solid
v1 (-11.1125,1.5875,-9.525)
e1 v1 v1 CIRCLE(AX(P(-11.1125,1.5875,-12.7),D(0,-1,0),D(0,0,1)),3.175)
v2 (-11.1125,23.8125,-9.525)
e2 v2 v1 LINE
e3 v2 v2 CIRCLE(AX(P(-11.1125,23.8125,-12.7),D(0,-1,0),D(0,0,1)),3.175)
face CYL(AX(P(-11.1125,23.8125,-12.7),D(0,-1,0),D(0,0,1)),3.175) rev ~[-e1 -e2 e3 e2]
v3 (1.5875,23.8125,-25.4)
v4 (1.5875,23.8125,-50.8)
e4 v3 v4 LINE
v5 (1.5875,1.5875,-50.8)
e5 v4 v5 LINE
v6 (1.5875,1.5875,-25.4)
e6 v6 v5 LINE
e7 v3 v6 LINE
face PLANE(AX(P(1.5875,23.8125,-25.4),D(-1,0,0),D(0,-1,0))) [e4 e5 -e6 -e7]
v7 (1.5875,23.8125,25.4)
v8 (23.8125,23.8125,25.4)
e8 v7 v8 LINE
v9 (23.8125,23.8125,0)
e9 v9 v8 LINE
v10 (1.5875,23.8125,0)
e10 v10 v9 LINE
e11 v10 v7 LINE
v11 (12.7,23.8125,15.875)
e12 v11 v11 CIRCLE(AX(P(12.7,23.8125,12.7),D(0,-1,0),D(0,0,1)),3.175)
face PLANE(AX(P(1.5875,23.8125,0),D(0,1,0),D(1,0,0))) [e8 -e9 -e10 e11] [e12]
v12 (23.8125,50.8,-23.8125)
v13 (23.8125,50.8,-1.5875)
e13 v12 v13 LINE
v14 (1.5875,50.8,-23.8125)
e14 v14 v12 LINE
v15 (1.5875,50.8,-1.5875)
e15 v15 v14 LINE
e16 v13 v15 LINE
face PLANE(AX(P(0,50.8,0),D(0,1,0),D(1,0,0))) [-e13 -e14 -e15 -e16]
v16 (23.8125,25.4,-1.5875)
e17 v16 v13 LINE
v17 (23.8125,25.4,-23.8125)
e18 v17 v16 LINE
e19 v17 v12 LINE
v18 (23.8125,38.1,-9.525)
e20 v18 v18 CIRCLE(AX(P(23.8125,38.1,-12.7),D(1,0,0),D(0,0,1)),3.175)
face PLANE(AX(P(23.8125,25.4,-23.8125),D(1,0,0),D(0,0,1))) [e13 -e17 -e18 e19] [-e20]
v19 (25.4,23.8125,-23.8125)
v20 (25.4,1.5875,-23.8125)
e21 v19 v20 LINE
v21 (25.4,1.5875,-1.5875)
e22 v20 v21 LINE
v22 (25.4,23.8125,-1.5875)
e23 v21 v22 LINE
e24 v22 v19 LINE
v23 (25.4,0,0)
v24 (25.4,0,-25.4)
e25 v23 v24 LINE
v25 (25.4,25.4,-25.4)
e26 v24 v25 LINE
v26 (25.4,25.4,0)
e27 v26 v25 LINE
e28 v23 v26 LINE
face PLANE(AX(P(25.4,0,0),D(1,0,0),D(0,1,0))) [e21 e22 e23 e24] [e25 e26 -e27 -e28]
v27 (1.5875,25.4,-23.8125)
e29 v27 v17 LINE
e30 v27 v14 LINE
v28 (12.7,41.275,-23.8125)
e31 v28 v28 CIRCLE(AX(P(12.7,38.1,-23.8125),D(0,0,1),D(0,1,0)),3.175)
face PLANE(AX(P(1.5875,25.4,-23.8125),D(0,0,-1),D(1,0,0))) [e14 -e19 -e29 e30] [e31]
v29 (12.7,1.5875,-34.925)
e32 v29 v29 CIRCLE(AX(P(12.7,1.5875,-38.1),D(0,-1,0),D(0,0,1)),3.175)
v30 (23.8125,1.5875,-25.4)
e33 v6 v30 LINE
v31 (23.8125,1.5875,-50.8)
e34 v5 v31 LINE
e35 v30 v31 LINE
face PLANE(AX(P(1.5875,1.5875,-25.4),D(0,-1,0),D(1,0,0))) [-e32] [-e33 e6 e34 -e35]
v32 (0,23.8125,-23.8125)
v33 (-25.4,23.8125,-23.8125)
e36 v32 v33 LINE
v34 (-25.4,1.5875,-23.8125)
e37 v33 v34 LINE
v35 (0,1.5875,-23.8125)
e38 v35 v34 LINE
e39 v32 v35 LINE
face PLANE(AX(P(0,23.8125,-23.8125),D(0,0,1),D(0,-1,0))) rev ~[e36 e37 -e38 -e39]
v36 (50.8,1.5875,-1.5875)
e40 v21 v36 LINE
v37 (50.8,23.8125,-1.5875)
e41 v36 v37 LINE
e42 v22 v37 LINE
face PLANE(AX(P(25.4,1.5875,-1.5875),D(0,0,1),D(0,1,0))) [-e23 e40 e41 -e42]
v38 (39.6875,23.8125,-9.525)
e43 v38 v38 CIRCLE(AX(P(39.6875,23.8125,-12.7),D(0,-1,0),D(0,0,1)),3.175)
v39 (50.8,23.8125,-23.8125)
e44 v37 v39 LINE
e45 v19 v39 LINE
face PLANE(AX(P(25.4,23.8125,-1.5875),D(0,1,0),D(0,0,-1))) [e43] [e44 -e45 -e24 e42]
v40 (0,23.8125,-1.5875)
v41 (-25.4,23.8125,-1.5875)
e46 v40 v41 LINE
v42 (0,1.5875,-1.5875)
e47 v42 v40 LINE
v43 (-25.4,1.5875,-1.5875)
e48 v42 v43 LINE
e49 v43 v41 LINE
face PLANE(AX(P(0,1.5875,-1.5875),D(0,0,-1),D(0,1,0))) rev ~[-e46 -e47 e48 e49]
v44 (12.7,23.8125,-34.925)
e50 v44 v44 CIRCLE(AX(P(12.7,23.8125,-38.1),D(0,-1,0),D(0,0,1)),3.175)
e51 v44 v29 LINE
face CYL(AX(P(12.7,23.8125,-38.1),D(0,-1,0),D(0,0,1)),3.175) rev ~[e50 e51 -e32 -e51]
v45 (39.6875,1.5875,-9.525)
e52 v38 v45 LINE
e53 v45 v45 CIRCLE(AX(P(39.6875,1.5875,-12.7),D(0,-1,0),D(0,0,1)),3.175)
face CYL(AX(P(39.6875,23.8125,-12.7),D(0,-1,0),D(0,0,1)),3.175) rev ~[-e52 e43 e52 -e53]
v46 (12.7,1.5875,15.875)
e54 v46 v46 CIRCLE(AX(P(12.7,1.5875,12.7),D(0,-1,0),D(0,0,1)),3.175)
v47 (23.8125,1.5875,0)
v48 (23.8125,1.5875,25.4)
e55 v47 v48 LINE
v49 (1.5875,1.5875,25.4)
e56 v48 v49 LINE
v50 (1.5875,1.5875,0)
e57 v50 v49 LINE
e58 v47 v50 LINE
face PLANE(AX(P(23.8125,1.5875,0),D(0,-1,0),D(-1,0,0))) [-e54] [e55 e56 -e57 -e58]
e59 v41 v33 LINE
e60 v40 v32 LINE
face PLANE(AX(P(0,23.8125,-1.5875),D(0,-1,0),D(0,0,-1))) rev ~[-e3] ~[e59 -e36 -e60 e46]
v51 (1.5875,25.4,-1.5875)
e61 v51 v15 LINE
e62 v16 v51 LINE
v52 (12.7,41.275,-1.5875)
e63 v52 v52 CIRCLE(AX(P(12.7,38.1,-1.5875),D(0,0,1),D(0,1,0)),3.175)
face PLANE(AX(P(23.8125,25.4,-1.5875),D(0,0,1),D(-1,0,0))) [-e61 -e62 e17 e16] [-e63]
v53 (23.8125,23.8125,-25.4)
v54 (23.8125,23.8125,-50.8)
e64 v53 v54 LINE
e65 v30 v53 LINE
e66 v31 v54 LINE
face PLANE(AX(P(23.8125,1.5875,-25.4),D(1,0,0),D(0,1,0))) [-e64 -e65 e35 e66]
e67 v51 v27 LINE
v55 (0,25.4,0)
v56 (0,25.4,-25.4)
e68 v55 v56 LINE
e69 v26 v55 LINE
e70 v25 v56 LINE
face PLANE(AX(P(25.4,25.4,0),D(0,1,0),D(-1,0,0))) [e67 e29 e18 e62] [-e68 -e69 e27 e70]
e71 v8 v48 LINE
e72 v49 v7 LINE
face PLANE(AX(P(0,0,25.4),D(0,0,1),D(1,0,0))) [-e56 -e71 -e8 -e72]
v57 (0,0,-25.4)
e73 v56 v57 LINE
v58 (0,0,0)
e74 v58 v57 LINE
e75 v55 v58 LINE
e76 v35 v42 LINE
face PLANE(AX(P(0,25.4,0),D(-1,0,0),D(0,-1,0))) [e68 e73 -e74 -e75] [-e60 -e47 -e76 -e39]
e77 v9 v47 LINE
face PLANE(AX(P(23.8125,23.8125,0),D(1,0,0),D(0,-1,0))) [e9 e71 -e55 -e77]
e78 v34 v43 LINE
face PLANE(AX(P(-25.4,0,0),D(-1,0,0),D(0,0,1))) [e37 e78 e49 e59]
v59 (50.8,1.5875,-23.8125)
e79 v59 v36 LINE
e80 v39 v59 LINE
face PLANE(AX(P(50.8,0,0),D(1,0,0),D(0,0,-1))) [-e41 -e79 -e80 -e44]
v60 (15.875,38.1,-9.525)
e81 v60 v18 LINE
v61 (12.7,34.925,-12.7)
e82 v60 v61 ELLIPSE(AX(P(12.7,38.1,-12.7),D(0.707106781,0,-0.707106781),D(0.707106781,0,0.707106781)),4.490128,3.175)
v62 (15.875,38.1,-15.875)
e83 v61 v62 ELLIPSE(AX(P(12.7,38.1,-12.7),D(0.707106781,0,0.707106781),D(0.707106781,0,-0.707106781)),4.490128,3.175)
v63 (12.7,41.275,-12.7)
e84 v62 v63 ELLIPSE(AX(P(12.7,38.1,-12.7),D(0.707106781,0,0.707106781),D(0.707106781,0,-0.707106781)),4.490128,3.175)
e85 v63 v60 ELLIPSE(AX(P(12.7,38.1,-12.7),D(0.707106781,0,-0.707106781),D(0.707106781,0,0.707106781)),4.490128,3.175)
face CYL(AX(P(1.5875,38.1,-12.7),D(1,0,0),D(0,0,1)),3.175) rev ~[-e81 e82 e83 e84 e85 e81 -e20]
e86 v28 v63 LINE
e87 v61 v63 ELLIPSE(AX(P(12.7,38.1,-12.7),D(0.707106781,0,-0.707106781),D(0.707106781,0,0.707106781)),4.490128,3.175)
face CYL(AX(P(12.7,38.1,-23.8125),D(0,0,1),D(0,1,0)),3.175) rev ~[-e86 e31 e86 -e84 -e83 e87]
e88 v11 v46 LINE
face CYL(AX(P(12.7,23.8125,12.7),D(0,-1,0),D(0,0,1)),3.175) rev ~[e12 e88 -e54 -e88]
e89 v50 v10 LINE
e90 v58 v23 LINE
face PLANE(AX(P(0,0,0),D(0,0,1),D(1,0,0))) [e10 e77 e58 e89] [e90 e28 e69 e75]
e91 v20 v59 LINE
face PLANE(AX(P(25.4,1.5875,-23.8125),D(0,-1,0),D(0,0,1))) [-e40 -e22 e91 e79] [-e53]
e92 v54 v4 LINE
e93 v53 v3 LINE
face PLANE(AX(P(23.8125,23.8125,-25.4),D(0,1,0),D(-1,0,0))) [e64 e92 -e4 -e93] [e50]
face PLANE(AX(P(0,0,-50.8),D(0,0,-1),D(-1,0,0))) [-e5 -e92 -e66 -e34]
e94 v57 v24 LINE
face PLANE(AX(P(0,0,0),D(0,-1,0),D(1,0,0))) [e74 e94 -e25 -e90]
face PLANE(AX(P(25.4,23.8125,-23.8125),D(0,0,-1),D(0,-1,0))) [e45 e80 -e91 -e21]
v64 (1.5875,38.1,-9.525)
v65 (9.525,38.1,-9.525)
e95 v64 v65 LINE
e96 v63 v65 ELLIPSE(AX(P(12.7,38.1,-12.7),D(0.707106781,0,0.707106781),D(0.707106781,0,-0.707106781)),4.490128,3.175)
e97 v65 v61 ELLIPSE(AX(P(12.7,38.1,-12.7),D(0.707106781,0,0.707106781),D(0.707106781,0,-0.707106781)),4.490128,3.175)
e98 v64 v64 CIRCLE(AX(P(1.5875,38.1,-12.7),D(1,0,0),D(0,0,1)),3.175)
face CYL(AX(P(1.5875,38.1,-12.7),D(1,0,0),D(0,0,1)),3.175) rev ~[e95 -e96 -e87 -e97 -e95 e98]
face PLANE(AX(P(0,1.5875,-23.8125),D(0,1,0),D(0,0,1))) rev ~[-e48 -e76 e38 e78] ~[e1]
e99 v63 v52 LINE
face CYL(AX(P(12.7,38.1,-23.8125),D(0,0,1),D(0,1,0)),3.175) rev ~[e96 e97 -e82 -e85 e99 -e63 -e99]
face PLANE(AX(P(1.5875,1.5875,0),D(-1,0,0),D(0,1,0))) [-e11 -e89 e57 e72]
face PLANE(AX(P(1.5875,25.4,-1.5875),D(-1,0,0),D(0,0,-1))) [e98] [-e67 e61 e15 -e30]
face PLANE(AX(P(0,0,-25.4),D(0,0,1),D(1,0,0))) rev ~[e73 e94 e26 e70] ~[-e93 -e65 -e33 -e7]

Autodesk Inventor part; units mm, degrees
ref_plane "YZ Plane" through (0, 0, 0) normal (1, 0, 0) x (0, 1, 0)
ref_plane "XZ Plane" through (0, 0, 0) normal (0, 1, 0) x (-1, 0, 0)
ref_plane "XY Plane" through (0, 0, 0) normal (0, 0, 1) x (1, 0, 0)
sketch "Sketch1" plane through (0, 0, 0) normal (0, 0, 1) x (1, 0, 0)
  line L0 (0, 0) -> (25.4, 0)
  line L1 (25.4, 0) -> (25.4, 25.4)
  line L2 (25.4, 25.4) -> (0, 25.4)
  line L3 (0, 25.4) -> (0, 0)
  line L4 (1.5875, 23.8125) -> (23.8125, 23.8125)
  line L5 (23.8125, 23.8125) -> (23.8125, 1.5875)
  line L6 (23.8125, 1.5875) -> (1.5875, 1.5875)
  line L7 (1.5875, 1.5875) -> (1.5875, 23.8125)
  dimension "d0" = 25.4
  dimension "d1" = 25.4
  dimension "d4" = 1.5875
extrude "Extrusion1" add sketch "Sketch1" against normal blind 25.4 contours L3 L2 L1 L0 | L4 L5 L6 L7
extrude "Extrusion2" add sketch "Sketch1" along normal blind 25.4 contours L4 L5 L6 L7
sketch "Sketch2" plane through (25.4, 0, 0) normal (1, 0, 0) x (0, 0, -1)
  line L0 (25.4, 0) -> (25.4, 25.4) projected
  line L1 (0, 25.4) -> (25.4, 25.4) projected
  line L2 (0, 0) -> (0, 25.4) projected
  line L3 (0, 0) -> (25.4, 0) projected
  line L4 (23.8125, 23.8125) -> (23.8125, 1.5875)
  line L5 (23.8125, 1.5875) -> (1.5875, 1.5875)
  line L6 (1.5875, 1.5875) -> (1.5875, 23.8125)
  line L7 (1.5875, 23.8125) -> (23.8125, 23.8125)
  dimension "d8" = 1.5875
sketch "Sketch3" plane through (0, 25.4, 0) normal (0, 1, 0) x (1, 0, 0)
  line L0 (25.4, 25.4) -> (0, 25.4) projected
  line L1 (0, 0) -> (0, 25.4) projected
  line L2 (25.4, 0) -> (0, 0) projected
  line L3 (25.4, 0) -> (25.4, 25.4) projected
  line L4 (1.5875, 23.8125) -> (23.8125, 23.8125)
  line L5 (23.8125, 23.8125) -> (23.8125, 1.5875)
  line L6 (23.8125, 1.5875) -> (1.5875, 1.5875)
  line L7 (1.5875, 1.5875) -> (1.5875, 23.8125)
  dimension "d9" = 1.5875
extrude "Extrusion3" add sketch "Sketch2" along normal blind 25.4 contours L4 L5 L6 L7
extrude "Extrusion4" add sketch "Sketch3" along normal blind 25.4 contours L4 L5 L6 L7
sketch "Sketch4" plane through (0, 0, 0) normal (-1, 0, 0) x (0, 0, 1)
  line L0 (-25.4, 25.4) -> (-25.4, 0) projected
  line L1 (0, 0) -> (-25.4, 0) projected
  line L2 (0, 25.4) -> (0, 0) projected
  line L3 (0, 25.4) -> (-25.4, 25.4) projected
  line L4 (-23.8125, 23.8125) -> (-23.8125, 1.5875)
  line L5 (-23.8125, 1.5875) -> (-1.5875, 1.5875)
  line L6 (-1.5875, 1.5875) -> (-1.5875, 23.8125)
  line L7 (-1.5875, 23.8125) -> (-23.8125, 23.8125)
  dimension "d15" = 1.5875
extrude "Extrusion5" add sketch "Sketch4" along normal blind 25.4 contours L7 L6 L5 L4
sketch "Sketch5" plane through (0, 0, -25.4) normal (0, 0, -1) x (-1, 0, 0)
  line L0 (-25.4, 0) -> (-25.4, 25.4) projected
  line L1 (0, 0) -> (-25.4, 0) projected
  line L2 (0, 25.4) -> (0, 0) projected
  line L3 (-25.4, 25.4) -> (0, 25.4) projected
  line L4 (-1.5875, 23.8125) -> (-1.5875, 1.5875)
  line L5 (-1.5875, 1.5875) -> (-23.8125, 1.5875)
  line L6 (-23.8125, 1.5875) -> (-23.8125, 23.8125)
  line L7 (-23.8125, 23.8125) -> (-1.5875, 23.8125)
  dimension "d18" = 1.5875
extrude "Extrusion6" add sketch "Sketch5" along normal blind 25.4 contours L4 L5 L6 L7
sketch "Sketch7" plane through (1.5875, 23.8125, -25.4) normal (0, 1, 0) x (1, 0, 0)
  line L0 (0, 0) -> (0, 25.4) projected
  line L1 (22.225, 0) -> (0, 0) projected
  line L2 (23.8125, -25.4) -> (-1.5875, -25.4) projected
  line L3 (23.8125, -25.4) -> (23.8125, 0) projected
  point P0 (11.1125, -38.1)
  point P1 (-12.7, -12.7)
  point P2 (11.1125, 12.7)
  point P3 (38.1, -12.7)
  dimension "d24" = 50.8
  dimension "d25" = 12.7
  dimension "d26" = 12.7
  dimension "d28" = 12.7
  dimension "d29" = 12.7
  dimension "d30" = 12.7
hole "Hole1" at (12.7, 23.8125, 12.7) at (-11.1125, 23.8125, -12.7) at (12.7, 23.8125, -38.1) at (39.6875, 23.8125, -12.7) direction (0, -1, 0) diameter 6.35 depth 25.4 tip angle 118
sketch "Sketch8" plane through (1.5875, 25.4, -23.8125) normal (-1, 0, 0) x (0, 0, 1)
  point P0 (23.8125, -25.4)
  point P1 (11.1125, 12.7)
hole "Hole2" at (1.5875, 38.1, -12.7) direction (1, 0, 0) diameter 6.35 depth 25.4 tip angle 118
sketch "Sketch9" plane through (23.8125, 25.4, -23.8125) normal (0, 0, -1) x (-1, 0, 0)
  point P0 (23.8125, -25.4)
  point P1 (11.1125, 12.7)
hole "Hole3" at (12.7, 38.1, -23.8125) direction (0, 0, 1) diameter 6.35 depth 25.4 tip angle 118
properties part number "5-way corner"
